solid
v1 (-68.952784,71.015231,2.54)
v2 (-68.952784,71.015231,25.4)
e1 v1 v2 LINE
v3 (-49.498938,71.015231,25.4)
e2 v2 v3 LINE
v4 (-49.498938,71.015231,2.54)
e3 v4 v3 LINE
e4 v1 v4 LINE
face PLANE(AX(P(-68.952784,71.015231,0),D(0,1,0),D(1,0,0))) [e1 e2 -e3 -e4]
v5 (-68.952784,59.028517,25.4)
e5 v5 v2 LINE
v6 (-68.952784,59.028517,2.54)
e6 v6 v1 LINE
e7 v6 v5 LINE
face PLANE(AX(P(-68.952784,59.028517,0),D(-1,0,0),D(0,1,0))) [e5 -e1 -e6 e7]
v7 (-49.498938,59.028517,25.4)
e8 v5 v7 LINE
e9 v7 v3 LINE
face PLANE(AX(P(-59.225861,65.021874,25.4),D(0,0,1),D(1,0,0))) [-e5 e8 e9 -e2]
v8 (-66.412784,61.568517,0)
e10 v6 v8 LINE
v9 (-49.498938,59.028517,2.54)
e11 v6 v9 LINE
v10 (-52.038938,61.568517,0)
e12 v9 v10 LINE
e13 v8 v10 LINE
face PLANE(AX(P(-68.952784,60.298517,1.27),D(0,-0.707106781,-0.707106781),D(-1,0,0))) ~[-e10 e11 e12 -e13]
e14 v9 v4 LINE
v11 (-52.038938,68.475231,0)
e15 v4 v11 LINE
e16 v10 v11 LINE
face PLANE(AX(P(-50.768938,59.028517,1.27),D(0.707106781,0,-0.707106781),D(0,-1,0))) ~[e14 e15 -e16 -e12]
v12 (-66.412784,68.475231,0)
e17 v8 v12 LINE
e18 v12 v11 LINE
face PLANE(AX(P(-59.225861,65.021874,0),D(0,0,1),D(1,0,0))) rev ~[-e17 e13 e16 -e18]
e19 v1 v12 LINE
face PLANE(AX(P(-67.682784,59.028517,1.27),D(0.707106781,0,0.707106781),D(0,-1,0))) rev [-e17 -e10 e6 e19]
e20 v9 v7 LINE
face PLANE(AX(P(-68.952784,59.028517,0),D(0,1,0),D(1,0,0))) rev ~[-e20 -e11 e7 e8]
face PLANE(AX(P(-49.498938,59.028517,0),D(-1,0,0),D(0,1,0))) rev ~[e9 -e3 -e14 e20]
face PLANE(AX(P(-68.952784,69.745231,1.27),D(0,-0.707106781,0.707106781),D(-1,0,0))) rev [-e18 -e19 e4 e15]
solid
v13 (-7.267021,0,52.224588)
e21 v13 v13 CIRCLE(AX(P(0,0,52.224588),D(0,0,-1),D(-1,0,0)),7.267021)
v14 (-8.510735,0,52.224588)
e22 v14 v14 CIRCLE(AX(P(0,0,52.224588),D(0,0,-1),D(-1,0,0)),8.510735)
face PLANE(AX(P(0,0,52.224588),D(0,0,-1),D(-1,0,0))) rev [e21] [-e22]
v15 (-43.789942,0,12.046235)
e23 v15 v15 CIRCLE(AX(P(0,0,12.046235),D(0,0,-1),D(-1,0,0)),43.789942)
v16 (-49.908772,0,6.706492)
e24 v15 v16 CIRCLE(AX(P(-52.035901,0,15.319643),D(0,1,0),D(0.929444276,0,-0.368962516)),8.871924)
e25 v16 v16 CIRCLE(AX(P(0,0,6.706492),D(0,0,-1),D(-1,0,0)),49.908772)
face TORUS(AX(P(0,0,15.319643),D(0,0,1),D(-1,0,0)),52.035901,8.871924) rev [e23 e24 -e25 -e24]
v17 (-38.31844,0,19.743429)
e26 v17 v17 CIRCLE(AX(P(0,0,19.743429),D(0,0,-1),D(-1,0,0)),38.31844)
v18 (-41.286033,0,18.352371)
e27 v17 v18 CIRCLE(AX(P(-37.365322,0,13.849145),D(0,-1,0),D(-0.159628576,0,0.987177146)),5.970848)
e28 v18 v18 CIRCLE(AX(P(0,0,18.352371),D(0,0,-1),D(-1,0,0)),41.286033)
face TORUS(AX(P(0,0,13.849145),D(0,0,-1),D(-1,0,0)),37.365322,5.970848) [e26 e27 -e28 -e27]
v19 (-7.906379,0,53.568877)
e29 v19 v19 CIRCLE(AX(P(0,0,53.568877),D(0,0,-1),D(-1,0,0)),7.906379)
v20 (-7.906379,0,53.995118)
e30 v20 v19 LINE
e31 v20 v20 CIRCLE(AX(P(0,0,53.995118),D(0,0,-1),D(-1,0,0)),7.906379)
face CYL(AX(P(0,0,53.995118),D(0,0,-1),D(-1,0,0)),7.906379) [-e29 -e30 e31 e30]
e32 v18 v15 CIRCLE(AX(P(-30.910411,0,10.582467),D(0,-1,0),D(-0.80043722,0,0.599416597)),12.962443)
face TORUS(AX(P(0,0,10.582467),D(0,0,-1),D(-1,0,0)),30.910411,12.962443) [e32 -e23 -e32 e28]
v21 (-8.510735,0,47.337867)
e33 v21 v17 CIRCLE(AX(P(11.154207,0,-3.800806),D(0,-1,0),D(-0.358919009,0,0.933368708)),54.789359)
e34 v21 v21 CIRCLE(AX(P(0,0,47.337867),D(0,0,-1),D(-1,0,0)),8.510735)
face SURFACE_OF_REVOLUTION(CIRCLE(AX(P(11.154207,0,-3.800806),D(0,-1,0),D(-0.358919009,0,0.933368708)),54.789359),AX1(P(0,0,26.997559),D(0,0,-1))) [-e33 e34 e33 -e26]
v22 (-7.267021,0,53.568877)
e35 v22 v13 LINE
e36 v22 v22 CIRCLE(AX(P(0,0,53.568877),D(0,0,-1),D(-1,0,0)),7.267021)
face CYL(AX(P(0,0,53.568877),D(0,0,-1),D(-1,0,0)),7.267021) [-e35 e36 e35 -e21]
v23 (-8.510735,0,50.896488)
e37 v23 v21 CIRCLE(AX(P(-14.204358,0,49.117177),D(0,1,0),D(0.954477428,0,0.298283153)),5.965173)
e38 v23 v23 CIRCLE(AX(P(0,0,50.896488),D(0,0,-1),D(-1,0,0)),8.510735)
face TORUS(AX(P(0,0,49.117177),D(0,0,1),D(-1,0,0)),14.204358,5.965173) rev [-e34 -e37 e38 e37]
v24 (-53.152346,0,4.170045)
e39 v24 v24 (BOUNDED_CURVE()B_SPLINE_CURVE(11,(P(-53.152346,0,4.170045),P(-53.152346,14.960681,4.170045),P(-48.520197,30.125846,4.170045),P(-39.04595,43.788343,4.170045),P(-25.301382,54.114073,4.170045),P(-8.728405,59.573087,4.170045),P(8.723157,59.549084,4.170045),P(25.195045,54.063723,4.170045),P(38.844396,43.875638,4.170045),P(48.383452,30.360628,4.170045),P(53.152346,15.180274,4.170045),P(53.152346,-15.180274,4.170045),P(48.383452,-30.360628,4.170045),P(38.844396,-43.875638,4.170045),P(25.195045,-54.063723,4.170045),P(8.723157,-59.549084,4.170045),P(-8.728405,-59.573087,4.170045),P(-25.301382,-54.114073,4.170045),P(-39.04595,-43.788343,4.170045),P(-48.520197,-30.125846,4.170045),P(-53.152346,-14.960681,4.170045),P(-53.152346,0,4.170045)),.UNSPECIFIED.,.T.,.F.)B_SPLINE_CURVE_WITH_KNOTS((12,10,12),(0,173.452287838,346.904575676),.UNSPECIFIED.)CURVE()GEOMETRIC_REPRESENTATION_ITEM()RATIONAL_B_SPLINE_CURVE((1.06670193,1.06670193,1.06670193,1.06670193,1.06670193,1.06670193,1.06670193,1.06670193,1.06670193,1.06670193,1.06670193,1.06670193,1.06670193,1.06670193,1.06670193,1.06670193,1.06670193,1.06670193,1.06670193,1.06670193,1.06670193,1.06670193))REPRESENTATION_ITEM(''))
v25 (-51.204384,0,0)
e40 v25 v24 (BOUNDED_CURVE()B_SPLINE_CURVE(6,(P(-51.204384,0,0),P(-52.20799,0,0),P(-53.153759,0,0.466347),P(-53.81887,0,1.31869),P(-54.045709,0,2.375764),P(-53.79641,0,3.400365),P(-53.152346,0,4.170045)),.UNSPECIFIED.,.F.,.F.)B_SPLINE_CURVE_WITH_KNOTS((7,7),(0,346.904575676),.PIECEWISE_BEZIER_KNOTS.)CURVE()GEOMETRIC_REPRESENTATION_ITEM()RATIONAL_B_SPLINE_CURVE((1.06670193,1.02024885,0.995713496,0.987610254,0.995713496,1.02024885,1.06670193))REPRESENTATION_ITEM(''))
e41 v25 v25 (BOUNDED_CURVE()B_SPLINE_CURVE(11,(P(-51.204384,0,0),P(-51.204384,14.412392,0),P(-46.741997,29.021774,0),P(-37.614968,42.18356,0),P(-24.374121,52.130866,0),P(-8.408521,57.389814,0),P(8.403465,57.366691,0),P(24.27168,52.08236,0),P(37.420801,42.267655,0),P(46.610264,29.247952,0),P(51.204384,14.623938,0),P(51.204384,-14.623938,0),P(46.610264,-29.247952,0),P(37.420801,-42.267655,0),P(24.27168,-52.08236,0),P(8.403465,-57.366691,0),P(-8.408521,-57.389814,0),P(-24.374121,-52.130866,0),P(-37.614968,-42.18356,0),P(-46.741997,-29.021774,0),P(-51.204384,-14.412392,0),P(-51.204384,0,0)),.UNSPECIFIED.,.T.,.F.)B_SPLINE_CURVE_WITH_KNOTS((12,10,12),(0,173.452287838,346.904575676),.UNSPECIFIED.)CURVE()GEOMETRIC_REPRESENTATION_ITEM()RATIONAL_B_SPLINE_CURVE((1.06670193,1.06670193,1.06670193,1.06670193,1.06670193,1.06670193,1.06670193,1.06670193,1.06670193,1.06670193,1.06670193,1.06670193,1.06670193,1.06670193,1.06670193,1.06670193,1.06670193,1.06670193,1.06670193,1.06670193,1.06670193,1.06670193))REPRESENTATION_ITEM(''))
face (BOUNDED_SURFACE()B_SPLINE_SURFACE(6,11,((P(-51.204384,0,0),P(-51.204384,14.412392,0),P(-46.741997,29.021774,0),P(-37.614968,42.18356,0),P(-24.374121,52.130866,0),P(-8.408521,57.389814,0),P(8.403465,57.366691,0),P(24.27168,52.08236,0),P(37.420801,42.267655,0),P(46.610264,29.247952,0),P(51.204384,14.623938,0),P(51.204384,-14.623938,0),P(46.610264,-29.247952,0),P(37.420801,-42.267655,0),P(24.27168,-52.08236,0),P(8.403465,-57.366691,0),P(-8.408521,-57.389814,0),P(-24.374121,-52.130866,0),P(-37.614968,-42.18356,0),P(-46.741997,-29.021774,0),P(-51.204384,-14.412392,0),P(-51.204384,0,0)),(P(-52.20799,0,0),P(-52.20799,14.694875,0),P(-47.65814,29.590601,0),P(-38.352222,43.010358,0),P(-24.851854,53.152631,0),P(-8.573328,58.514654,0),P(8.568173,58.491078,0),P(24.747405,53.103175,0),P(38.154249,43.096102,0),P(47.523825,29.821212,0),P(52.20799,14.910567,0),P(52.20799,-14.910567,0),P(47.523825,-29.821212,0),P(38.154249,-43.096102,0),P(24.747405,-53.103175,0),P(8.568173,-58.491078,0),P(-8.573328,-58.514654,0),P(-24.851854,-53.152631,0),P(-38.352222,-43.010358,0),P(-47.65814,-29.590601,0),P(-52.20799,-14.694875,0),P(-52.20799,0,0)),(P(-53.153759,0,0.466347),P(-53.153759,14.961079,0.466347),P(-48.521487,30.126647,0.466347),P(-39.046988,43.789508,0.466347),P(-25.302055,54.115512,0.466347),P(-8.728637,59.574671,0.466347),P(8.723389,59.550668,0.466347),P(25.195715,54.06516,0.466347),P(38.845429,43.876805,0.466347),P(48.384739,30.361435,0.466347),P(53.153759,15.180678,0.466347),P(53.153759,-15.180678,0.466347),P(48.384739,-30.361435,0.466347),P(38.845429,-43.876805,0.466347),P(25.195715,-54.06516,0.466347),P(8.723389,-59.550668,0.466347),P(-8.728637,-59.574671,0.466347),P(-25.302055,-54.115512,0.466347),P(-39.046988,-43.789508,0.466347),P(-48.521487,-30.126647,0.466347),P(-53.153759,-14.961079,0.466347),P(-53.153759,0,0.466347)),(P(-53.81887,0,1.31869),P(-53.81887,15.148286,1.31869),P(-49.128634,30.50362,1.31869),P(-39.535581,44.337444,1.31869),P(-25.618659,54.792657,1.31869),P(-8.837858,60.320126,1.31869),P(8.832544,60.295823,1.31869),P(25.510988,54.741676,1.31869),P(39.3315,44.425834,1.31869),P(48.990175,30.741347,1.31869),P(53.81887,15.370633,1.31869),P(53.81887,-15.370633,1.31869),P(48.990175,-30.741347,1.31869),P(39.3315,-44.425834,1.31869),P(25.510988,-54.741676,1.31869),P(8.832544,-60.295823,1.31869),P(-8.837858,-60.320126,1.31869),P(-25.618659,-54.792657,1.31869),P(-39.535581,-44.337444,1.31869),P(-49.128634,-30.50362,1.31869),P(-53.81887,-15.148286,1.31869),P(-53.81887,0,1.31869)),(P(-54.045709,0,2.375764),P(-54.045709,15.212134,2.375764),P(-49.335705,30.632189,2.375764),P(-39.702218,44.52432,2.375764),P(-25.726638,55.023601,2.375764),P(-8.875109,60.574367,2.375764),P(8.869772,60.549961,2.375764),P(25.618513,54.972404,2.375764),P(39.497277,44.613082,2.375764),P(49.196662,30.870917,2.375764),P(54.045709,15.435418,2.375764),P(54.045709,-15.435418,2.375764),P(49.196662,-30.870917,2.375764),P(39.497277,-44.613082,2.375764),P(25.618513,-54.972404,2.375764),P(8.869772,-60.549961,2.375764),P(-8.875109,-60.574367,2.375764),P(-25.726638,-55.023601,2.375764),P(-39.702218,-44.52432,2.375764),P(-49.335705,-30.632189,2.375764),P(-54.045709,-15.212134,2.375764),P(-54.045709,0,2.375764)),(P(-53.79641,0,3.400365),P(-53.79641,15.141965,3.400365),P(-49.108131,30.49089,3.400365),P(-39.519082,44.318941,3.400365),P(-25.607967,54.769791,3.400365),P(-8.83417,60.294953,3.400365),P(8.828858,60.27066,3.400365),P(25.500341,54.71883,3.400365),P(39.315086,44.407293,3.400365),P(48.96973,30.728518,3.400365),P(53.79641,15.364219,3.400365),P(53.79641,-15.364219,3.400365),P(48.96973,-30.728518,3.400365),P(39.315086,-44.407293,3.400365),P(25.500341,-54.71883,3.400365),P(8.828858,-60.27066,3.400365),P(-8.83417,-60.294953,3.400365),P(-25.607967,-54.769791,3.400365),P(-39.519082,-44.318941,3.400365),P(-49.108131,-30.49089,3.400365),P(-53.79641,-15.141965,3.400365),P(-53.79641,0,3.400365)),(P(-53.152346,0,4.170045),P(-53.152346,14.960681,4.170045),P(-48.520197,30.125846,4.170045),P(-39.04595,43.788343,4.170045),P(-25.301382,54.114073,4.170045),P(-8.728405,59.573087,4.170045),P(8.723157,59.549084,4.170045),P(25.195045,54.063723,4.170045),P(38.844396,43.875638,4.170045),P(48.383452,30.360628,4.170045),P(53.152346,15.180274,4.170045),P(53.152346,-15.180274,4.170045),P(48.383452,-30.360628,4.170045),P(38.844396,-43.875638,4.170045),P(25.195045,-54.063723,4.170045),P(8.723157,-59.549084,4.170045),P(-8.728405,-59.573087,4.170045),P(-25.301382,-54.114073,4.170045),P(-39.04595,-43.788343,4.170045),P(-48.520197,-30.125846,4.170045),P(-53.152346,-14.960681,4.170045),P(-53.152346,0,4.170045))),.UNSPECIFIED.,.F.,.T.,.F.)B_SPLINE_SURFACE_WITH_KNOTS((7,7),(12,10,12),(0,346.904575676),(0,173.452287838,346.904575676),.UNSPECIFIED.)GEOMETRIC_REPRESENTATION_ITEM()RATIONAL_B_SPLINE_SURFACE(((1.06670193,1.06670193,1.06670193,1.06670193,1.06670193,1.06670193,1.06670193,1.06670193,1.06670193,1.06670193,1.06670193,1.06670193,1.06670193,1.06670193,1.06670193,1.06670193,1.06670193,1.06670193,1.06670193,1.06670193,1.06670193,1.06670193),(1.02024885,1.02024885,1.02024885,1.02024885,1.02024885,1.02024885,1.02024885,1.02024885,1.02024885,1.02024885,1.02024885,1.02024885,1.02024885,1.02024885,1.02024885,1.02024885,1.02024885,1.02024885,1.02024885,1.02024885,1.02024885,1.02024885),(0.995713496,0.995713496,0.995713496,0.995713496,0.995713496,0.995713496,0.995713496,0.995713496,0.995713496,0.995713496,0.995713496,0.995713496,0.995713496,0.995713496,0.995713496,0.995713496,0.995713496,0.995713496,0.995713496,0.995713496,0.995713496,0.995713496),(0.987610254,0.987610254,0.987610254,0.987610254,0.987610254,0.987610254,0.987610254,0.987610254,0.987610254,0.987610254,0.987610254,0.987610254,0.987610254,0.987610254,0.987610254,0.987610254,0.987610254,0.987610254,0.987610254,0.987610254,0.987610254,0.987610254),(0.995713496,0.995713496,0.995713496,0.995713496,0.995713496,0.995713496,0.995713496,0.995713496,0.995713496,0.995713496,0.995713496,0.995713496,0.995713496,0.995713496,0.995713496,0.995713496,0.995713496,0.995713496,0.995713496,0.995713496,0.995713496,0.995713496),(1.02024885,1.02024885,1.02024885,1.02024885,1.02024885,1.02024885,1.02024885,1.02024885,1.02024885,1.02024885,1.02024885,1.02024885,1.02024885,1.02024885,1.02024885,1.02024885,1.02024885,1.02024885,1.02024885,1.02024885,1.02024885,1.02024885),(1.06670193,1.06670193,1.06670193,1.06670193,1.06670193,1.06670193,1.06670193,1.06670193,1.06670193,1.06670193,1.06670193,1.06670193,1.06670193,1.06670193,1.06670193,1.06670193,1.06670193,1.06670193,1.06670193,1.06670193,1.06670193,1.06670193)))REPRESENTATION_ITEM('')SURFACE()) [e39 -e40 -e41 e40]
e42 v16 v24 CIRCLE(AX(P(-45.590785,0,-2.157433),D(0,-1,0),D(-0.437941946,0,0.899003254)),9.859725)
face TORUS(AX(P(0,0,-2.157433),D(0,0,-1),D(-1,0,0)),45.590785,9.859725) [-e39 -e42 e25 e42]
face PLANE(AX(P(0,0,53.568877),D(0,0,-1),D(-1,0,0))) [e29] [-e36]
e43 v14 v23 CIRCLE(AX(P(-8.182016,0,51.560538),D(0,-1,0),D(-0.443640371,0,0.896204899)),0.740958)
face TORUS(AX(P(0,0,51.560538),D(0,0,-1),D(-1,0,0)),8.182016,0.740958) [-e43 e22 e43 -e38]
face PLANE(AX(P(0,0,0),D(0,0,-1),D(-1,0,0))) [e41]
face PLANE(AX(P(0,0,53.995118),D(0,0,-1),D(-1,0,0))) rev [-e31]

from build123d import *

# Parameters (mm, degrees)
F2_W     = 19.453846
F2_H     = 11.986714
F3_DEPTH = 25.4
F4_R     = 2.54
F5_SIZE  = 2.54


with BuildPart() as f1:
    # F0 (on Front) → F1 (revolve)
    with BuildSketch(Plane.XZ):
        with BuildLine():
            Line((-55.211578, 0), (0, 0))
            Line((0, 0), (0, 53.995118))
            Line((0, 53.995118), (-7.906379, 53.995118))
            Line((-7.906379, 53.995118), (-7.906379, 53.568877))
            Line((-7.906379, 53.568877), (-7.267021, 53.568877))
            Line((-7.267021, 53.568877), (-7.267021, 52.224588))
            Line((-7.267021, 52.224588), (-8.510735, 52.224588))
            ThreePointArc((-8.510735, 52.224588), (-8.922974, 51.560538), (-8.510735, 50.896488))
            ThreePointArc((-8.510735, 50.896488), (-8.239185, 49.117178), (-8.510735, 47.337867))
            ThreePointArc((-8.510735, 47.337867), (-26.066282, 36.405027), (-38.31844, 19.743429))
            ThreePointArc((-38.31844, 19.743429), (-39.89955, 19.255503), (-41.286033, 18.352371))
            ThreePointArc((-41.286033, 18.352371), (-42.957916, 15.366039), (-43.789942, 12.046235))
            ThreePointArc((-43.789942, 12.046235), (-46.20251, 8.635139), (-49.908772, 6.706492))
            ThreePointArc((-49.908772, 6.706492), (-53.324908, 3.957918), (-55.211578, 0))
        make_face()
    revolve(axis=Axis((0, 0, 26.997559), (0, 0, -1)))

    # F4
    f4_edges = [f1.edges().sort_by_distance(p)[0] for p in [
        (55.211578, 0, 0),
    ]]
    fillet(f4_edges, radius=F4_R)


with BuildPart() as f3:
    # F2 (on Top) → F3 (new body)
    with BuildSketch(Plane.XY):
        with Locations((-59.225861, 65.021874)):
            Rectangle(F2_W, F2_H)
    extrude(amount=F3_DEPTH)

    # F5
    f5_edges = [f3.edges().sort_by_distance(p)[0] for p in [
        (-59.225861, 71.015231, 0),
        (-68.952784, 65.021874, 0),
        (-59.225861, 59.028517, 0),
        (-49.498938, 65.021874, 0),
    ]]
    chamfer(f5_edges, length=F5_SIZE)


solid = Compound([f1.part, f3.part])
